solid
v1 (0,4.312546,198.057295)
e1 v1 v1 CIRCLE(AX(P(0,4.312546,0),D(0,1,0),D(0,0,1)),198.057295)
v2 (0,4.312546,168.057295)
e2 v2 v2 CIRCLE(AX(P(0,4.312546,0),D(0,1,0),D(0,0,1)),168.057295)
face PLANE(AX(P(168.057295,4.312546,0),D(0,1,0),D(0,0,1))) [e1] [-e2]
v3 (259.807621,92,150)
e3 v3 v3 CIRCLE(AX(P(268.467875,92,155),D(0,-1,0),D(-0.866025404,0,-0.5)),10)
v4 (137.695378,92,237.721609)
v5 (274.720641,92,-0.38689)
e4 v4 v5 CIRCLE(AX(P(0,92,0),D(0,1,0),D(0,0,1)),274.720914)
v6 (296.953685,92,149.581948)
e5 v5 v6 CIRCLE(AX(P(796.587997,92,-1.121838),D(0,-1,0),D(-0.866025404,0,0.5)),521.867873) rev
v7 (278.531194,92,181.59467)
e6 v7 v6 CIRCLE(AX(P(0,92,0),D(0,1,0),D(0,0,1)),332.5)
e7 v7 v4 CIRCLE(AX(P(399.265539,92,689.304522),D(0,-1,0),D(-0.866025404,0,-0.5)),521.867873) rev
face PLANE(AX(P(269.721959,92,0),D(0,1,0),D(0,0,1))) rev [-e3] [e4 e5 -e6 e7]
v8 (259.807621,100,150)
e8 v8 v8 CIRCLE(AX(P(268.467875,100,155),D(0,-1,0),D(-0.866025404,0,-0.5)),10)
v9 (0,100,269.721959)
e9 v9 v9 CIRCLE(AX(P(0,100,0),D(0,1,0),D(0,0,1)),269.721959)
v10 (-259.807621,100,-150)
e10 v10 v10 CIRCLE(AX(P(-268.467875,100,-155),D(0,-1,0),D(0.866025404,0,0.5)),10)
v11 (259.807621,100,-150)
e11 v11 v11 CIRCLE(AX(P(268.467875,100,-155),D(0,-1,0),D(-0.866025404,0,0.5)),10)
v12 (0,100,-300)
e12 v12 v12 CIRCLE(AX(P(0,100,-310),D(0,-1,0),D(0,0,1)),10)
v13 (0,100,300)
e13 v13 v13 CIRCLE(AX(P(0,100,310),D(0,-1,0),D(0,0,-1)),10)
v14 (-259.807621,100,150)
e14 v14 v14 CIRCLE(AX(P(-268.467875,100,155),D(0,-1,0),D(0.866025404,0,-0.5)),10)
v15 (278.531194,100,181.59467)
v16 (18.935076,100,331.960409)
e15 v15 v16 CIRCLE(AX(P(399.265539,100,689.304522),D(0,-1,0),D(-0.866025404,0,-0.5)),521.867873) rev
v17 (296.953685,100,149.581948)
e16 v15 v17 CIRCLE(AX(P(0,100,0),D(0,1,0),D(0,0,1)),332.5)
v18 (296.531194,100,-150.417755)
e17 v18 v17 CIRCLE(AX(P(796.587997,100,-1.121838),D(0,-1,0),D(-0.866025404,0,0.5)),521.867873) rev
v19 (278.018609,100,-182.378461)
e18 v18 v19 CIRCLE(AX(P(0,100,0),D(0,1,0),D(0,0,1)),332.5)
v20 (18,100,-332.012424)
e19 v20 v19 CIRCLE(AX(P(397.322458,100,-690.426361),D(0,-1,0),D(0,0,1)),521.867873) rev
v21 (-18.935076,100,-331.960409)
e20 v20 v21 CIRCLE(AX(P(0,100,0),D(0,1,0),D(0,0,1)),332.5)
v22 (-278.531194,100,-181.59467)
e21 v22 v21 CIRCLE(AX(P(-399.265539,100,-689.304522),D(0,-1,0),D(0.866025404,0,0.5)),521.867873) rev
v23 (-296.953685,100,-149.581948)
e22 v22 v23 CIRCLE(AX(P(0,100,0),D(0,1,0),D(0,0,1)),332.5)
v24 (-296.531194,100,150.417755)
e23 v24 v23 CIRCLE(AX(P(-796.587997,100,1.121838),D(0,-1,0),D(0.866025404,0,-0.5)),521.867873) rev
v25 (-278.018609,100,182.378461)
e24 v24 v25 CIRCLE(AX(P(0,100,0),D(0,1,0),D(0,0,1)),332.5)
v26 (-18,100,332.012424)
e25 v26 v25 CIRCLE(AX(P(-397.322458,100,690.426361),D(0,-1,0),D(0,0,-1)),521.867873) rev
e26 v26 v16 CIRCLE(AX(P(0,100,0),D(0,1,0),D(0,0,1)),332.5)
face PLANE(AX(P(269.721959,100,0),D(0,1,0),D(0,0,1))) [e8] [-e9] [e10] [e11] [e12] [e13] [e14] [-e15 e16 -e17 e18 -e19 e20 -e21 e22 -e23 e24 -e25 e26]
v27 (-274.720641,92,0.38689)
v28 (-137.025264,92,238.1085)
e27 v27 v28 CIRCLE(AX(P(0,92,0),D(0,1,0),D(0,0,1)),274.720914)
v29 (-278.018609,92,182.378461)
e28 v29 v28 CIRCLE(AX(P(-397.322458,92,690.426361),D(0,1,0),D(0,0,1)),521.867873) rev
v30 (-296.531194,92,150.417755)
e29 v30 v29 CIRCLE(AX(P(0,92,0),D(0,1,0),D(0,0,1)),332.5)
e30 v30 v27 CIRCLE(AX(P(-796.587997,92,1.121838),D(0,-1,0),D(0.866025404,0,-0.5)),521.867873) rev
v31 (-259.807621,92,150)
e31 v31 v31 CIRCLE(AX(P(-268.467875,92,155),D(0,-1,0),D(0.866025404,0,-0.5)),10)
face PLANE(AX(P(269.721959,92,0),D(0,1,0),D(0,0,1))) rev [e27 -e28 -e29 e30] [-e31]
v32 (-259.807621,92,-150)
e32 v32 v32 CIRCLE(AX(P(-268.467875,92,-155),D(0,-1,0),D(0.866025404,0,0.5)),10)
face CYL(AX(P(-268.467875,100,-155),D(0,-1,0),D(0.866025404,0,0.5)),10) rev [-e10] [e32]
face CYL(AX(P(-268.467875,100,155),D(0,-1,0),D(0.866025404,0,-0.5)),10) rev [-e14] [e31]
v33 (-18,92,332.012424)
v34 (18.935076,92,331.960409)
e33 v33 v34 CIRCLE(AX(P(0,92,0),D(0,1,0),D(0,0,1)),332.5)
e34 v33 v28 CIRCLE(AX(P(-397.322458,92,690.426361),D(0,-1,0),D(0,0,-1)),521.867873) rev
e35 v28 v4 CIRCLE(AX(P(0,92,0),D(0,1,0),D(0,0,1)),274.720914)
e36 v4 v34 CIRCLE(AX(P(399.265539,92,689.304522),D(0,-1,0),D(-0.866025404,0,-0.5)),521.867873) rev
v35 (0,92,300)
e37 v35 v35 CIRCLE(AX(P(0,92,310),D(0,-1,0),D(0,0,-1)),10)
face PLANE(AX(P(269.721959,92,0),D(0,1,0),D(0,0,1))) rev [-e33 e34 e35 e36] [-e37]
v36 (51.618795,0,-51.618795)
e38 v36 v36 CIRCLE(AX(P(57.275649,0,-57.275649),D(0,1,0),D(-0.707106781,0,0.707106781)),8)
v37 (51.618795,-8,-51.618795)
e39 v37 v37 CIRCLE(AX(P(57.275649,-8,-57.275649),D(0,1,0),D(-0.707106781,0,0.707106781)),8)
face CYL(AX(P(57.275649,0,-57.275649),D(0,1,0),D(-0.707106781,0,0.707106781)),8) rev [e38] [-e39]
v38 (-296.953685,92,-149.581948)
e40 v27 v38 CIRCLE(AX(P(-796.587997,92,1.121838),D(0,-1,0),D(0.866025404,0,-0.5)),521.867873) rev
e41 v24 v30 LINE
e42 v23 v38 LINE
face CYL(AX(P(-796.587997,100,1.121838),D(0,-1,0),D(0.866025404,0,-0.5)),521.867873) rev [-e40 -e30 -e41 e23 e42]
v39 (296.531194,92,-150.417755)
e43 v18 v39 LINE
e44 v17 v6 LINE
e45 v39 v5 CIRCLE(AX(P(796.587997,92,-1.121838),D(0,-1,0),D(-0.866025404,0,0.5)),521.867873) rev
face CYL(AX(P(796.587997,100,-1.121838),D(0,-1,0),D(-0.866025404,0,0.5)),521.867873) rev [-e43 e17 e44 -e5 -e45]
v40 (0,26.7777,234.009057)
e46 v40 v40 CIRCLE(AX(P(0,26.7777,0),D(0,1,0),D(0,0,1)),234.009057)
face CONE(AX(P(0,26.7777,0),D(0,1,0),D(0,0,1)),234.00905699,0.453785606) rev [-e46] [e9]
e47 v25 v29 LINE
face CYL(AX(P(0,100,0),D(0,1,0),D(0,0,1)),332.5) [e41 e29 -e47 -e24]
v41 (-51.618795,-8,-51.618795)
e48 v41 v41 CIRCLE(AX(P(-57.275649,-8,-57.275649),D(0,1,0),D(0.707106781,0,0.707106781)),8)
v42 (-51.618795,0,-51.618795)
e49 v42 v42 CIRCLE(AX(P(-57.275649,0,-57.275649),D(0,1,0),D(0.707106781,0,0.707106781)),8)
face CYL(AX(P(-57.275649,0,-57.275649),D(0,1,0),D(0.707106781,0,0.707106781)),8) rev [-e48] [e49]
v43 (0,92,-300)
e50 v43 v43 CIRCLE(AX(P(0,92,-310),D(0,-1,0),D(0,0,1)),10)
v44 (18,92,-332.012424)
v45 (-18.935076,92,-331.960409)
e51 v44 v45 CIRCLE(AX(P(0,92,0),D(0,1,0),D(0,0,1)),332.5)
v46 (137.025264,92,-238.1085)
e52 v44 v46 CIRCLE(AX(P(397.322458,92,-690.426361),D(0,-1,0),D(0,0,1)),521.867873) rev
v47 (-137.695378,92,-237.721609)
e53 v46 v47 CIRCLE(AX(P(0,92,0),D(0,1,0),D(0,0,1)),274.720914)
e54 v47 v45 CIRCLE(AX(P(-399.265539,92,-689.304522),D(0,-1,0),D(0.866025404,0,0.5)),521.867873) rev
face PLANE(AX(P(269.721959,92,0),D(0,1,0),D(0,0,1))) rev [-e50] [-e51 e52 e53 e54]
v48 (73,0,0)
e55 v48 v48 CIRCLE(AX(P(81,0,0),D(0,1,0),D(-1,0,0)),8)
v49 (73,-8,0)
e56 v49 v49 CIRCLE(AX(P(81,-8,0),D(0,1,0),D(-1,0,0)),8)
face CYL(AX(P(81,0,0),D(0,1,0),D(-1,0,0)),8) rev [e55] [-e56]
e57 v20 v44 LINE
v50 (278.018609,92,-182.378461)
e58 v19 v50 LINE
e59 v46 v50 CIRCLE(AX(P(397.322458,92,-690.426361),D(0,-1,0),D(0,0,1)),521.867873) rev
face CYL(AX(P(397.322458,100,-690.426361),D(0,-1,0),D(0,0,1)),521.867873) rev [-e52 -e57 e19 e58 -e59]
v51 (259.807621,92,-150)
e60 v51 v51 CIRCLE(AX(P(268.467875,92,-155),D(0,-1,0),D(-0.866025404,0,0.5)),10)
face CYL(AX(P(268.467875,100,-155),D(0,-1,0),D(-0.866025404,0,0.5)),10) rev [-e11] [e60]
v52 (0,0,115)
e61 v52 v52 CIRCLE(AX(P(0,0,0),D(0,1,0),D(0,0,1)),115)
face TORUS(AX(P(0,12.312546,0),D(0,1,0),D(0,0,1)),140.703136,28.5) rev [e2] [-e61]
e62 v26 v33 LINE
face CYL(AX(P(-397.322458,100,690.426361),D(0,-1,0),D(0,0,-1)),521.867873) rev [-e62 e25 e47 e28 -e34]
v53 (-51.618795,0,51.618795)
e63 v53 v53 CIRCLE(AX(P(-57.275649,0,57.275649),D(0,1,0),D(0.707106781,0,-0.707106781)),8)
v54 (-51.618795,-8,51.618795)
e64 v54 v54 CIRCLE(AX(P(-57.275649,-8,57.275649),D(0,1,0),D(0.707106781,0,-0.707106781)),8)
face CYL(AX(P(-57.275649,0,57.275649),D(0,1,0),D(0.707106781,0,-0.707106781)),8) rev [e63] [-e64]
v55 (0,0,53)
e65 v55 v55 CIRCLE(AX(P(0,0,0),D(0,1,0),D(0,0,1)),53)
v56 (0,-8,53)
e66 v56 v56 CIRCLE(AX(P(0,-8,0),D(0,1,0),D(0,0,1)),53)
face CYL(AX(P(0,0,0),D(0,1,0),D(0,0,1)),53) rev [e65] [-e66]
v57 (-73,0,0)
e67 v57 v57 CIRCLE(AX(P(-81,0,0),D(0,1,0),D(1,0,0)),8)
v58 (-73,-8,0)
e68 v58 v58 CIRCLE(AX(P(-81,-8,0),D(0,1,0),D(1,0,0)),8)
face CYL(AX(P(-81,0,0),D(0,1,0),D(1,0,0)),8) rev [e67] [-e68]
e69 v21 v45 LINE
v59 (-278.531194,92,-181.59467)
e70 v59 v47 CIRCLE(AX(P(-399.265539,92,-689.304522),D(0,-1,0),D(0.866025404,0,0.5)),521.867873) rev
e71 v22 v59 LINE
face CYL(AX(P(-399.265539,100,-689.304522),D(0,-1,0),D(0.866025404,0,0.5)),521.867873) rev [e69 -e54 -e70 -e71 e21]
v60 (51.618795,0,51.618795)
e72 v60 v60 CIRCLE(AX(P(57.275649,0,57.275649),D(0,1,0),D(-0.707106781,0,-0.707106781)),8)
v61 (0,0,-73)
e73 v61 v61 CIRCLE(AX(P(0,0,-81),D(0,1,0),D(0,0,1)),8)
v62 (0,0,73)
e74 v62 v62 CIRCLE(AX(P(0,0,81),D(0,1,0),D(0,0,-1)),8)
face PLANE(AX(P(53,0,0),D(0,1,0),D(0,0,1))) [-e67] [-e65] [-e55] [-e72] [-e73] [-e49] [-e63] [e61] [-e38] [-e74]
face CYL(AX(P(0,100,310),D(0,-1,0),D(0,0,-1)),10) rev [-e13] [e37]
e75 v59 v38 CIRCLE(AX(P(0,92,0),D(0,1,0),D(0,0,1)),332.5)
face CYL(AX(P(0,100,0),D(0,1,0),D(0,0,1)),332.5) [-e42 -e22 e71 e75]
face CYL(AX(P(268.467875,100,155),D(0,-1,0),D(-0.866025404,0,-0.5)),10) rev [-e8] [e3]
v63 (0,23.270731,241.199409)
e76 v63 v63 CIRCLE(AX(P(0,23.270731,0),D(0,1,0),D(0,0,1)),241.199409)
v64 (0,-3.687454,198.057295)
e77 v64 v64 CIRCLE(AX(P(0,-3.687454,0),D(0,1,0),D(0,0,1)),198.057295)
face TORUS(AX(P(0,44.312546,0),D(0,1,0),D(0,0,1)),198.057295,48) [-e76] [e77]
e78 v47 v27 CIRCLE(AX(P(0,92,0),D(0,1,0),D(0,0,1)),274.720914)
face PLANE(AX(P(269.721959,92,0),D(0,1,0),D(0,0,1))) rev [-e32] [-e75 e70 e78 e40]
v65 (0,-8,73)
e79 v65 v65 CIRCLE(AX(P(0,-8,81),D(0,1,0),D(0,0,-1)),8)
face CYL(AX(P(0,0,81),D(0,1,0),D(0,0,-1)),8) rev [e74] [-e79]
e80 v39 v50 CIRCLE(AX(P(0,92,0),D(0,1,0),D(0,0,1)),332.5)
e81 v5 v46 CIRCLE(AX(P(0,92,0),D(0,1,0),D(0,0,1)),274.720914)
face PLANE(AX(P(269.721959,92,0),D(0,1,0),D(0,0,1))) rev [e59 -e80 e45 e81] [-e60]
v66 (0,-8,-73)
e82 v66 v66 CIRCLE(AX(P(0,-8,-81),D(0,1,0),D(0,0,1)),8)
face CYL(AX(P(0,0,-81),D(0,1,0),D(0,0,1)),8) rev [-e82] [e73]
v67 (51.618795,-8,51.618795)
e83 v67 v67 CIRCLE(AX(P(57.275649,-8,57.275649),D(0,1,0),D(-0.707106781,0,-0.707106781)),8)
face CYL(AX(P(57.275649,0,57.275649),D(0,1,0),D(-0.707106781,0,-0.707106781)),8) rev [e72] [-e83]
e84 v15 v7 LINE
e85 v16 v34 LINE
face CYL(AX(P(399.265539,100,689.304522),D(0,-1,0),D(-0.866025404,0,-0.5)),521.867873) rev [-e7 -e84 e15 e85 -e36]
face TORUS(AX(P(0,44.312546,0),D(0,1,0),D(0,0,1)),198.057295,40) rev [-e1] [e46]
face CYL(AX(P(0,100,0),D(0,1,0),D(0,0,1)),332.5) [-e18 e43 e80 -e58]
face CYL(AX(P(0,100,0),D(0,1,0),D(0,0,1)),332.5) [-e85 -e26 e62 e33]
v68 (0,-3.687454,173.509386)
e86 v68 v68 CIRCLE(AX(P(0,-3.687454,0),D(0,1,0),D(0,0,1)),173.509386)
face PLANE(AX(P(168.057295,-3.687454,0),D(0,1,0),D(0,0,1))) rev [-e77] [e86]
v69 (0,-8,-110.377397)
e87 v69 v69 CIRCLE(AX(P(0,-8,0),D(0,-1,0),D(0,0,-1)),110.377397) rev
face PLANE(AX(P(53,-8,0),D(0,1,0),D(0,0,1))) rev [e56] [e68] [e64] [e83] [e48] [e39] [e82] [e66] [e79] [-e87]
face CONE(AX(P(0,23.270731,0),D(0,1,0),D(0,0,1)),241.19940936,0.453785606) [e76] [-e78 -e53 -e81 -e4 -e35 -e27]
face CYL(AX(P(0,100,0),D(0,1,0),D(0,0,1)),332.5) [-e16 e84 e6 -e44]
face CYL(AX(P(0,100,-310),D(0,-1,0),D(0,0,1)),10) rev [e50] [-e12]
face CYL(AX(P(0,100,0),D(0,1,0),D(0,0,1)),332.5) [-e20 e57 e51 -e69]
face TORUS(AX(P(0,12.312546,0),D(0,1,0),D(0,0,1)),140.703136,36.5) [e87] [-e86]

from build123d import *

# Parameters (mm, degrees)
THICKEN1_T1            = 8
CUT_EXTRUDE1_DEPTH     = 485.367654355
CIRPATTERN1_COUNT      = 6
F_16_0MM_DOWEL_HOLE2_D = 16
CIRPATTERN2_COUNT      = 8


with BuildPart() as body_1:
    # Surface-Revolve1: a surface, the sketch's curves turned about an axis
    with BuildLine(Plane.XY, mode=Mode.PRIVATE) as surface_revolve1_1_path:
        Line((53, 0), (115, 0))
        ThreePointArc((115, 0), (143.012028142, -16.093774461), (168.057295138, 4.312545592))
        Line((168.057295138, 4.312545592), (198.057295138, 4.312545592))
        ThreePointArc((198.057295138, 4.312545592), (219.254065707, 10.390621746), (234.00905699, 26.77769972))
        Line((234.00905699, 26.77769972), (269.721959046, 100))
        Line((269.721959046, 100), (332.5, 100))
    surface_revolve1_1 = Shell.revolve(surface_revolve1_1_path.wire(), 360, Axis((0, 0, 0), (0, 1, 0)))
    add(Solid.thicken(surface_revolve1_1, THICKEN1_T1))

    # Sketch2 → Cut-Extrude1 (cut, through all)
    with BuildSketch(Plane.XZ.offset(-92)):
        with BuildLine():
            ThreePointArc((-278.018608961, 182.378461095), (-137.025263873, 238.108499582), (-18, 332.012424466))
            ThreePointArc((-18, 332.012424466), (-165.844309403, 288.187291598), (-278.018608961, 182.378461095))
        make_face()
        with BuildLine():
            ThreePointArc((0, 320), (-10, 310), (0, 300))
            Line((0, 300), (0, 320))
        make_face()
        with BuildLine():
            Line((0, 320), (0, 300))
            ThreePointArc((0, 300), (7.071067812, 302.928932188), (10, 310))
            ThreePointArc((10, 310), (7.071067812, 317.071067812), (0, 320))
        make_face()
    cut_extrude1 = extrude(amount=-CUT_EXTRUDE1_DEPTH, mode=Mode.SUBTRACT)

    # CirPattern1: Cut-Extrude1 ×6 about axis
    cirpattern1_axis = Axis((0, 0, 0), (0, 1, 0))
    for i in range(1, CIRPATTERN1_COUNT):
        add(cut_extrude1.rotate(cirpattern1_axis, i * 360 / CIRPATTERN1_COUNT), mode=Mode.SUBTRACT)

    # Ø16.0mm Dowel Hole2 (through all)
    with Locations(Plane(origin=(0, 0, 0), x_dir=(1, 0, 0), z_dir=(0, 1, 0))):
        with Locations((0, 81)):
            f_16_0mm_dowel_hole2 = Hole(F_16_0MM_DOWEL_HOLE2_D / 2)

    # CirPattern2: Ø16.0mm Dowel Hole2 ×8 about axis
    cirpattern2_axis = Axis((0, 0, 0), (0, 1, 0))
    for i in range(1, CIRPATTERN2_COUNT):
        add(f_16_0mm_dowel_hole2.rotate(cirpattern2_axis, i * 360 / CIRPATTERN2_COUNT), mode=Mode.SUBTRACT)


solid = body_1.part
